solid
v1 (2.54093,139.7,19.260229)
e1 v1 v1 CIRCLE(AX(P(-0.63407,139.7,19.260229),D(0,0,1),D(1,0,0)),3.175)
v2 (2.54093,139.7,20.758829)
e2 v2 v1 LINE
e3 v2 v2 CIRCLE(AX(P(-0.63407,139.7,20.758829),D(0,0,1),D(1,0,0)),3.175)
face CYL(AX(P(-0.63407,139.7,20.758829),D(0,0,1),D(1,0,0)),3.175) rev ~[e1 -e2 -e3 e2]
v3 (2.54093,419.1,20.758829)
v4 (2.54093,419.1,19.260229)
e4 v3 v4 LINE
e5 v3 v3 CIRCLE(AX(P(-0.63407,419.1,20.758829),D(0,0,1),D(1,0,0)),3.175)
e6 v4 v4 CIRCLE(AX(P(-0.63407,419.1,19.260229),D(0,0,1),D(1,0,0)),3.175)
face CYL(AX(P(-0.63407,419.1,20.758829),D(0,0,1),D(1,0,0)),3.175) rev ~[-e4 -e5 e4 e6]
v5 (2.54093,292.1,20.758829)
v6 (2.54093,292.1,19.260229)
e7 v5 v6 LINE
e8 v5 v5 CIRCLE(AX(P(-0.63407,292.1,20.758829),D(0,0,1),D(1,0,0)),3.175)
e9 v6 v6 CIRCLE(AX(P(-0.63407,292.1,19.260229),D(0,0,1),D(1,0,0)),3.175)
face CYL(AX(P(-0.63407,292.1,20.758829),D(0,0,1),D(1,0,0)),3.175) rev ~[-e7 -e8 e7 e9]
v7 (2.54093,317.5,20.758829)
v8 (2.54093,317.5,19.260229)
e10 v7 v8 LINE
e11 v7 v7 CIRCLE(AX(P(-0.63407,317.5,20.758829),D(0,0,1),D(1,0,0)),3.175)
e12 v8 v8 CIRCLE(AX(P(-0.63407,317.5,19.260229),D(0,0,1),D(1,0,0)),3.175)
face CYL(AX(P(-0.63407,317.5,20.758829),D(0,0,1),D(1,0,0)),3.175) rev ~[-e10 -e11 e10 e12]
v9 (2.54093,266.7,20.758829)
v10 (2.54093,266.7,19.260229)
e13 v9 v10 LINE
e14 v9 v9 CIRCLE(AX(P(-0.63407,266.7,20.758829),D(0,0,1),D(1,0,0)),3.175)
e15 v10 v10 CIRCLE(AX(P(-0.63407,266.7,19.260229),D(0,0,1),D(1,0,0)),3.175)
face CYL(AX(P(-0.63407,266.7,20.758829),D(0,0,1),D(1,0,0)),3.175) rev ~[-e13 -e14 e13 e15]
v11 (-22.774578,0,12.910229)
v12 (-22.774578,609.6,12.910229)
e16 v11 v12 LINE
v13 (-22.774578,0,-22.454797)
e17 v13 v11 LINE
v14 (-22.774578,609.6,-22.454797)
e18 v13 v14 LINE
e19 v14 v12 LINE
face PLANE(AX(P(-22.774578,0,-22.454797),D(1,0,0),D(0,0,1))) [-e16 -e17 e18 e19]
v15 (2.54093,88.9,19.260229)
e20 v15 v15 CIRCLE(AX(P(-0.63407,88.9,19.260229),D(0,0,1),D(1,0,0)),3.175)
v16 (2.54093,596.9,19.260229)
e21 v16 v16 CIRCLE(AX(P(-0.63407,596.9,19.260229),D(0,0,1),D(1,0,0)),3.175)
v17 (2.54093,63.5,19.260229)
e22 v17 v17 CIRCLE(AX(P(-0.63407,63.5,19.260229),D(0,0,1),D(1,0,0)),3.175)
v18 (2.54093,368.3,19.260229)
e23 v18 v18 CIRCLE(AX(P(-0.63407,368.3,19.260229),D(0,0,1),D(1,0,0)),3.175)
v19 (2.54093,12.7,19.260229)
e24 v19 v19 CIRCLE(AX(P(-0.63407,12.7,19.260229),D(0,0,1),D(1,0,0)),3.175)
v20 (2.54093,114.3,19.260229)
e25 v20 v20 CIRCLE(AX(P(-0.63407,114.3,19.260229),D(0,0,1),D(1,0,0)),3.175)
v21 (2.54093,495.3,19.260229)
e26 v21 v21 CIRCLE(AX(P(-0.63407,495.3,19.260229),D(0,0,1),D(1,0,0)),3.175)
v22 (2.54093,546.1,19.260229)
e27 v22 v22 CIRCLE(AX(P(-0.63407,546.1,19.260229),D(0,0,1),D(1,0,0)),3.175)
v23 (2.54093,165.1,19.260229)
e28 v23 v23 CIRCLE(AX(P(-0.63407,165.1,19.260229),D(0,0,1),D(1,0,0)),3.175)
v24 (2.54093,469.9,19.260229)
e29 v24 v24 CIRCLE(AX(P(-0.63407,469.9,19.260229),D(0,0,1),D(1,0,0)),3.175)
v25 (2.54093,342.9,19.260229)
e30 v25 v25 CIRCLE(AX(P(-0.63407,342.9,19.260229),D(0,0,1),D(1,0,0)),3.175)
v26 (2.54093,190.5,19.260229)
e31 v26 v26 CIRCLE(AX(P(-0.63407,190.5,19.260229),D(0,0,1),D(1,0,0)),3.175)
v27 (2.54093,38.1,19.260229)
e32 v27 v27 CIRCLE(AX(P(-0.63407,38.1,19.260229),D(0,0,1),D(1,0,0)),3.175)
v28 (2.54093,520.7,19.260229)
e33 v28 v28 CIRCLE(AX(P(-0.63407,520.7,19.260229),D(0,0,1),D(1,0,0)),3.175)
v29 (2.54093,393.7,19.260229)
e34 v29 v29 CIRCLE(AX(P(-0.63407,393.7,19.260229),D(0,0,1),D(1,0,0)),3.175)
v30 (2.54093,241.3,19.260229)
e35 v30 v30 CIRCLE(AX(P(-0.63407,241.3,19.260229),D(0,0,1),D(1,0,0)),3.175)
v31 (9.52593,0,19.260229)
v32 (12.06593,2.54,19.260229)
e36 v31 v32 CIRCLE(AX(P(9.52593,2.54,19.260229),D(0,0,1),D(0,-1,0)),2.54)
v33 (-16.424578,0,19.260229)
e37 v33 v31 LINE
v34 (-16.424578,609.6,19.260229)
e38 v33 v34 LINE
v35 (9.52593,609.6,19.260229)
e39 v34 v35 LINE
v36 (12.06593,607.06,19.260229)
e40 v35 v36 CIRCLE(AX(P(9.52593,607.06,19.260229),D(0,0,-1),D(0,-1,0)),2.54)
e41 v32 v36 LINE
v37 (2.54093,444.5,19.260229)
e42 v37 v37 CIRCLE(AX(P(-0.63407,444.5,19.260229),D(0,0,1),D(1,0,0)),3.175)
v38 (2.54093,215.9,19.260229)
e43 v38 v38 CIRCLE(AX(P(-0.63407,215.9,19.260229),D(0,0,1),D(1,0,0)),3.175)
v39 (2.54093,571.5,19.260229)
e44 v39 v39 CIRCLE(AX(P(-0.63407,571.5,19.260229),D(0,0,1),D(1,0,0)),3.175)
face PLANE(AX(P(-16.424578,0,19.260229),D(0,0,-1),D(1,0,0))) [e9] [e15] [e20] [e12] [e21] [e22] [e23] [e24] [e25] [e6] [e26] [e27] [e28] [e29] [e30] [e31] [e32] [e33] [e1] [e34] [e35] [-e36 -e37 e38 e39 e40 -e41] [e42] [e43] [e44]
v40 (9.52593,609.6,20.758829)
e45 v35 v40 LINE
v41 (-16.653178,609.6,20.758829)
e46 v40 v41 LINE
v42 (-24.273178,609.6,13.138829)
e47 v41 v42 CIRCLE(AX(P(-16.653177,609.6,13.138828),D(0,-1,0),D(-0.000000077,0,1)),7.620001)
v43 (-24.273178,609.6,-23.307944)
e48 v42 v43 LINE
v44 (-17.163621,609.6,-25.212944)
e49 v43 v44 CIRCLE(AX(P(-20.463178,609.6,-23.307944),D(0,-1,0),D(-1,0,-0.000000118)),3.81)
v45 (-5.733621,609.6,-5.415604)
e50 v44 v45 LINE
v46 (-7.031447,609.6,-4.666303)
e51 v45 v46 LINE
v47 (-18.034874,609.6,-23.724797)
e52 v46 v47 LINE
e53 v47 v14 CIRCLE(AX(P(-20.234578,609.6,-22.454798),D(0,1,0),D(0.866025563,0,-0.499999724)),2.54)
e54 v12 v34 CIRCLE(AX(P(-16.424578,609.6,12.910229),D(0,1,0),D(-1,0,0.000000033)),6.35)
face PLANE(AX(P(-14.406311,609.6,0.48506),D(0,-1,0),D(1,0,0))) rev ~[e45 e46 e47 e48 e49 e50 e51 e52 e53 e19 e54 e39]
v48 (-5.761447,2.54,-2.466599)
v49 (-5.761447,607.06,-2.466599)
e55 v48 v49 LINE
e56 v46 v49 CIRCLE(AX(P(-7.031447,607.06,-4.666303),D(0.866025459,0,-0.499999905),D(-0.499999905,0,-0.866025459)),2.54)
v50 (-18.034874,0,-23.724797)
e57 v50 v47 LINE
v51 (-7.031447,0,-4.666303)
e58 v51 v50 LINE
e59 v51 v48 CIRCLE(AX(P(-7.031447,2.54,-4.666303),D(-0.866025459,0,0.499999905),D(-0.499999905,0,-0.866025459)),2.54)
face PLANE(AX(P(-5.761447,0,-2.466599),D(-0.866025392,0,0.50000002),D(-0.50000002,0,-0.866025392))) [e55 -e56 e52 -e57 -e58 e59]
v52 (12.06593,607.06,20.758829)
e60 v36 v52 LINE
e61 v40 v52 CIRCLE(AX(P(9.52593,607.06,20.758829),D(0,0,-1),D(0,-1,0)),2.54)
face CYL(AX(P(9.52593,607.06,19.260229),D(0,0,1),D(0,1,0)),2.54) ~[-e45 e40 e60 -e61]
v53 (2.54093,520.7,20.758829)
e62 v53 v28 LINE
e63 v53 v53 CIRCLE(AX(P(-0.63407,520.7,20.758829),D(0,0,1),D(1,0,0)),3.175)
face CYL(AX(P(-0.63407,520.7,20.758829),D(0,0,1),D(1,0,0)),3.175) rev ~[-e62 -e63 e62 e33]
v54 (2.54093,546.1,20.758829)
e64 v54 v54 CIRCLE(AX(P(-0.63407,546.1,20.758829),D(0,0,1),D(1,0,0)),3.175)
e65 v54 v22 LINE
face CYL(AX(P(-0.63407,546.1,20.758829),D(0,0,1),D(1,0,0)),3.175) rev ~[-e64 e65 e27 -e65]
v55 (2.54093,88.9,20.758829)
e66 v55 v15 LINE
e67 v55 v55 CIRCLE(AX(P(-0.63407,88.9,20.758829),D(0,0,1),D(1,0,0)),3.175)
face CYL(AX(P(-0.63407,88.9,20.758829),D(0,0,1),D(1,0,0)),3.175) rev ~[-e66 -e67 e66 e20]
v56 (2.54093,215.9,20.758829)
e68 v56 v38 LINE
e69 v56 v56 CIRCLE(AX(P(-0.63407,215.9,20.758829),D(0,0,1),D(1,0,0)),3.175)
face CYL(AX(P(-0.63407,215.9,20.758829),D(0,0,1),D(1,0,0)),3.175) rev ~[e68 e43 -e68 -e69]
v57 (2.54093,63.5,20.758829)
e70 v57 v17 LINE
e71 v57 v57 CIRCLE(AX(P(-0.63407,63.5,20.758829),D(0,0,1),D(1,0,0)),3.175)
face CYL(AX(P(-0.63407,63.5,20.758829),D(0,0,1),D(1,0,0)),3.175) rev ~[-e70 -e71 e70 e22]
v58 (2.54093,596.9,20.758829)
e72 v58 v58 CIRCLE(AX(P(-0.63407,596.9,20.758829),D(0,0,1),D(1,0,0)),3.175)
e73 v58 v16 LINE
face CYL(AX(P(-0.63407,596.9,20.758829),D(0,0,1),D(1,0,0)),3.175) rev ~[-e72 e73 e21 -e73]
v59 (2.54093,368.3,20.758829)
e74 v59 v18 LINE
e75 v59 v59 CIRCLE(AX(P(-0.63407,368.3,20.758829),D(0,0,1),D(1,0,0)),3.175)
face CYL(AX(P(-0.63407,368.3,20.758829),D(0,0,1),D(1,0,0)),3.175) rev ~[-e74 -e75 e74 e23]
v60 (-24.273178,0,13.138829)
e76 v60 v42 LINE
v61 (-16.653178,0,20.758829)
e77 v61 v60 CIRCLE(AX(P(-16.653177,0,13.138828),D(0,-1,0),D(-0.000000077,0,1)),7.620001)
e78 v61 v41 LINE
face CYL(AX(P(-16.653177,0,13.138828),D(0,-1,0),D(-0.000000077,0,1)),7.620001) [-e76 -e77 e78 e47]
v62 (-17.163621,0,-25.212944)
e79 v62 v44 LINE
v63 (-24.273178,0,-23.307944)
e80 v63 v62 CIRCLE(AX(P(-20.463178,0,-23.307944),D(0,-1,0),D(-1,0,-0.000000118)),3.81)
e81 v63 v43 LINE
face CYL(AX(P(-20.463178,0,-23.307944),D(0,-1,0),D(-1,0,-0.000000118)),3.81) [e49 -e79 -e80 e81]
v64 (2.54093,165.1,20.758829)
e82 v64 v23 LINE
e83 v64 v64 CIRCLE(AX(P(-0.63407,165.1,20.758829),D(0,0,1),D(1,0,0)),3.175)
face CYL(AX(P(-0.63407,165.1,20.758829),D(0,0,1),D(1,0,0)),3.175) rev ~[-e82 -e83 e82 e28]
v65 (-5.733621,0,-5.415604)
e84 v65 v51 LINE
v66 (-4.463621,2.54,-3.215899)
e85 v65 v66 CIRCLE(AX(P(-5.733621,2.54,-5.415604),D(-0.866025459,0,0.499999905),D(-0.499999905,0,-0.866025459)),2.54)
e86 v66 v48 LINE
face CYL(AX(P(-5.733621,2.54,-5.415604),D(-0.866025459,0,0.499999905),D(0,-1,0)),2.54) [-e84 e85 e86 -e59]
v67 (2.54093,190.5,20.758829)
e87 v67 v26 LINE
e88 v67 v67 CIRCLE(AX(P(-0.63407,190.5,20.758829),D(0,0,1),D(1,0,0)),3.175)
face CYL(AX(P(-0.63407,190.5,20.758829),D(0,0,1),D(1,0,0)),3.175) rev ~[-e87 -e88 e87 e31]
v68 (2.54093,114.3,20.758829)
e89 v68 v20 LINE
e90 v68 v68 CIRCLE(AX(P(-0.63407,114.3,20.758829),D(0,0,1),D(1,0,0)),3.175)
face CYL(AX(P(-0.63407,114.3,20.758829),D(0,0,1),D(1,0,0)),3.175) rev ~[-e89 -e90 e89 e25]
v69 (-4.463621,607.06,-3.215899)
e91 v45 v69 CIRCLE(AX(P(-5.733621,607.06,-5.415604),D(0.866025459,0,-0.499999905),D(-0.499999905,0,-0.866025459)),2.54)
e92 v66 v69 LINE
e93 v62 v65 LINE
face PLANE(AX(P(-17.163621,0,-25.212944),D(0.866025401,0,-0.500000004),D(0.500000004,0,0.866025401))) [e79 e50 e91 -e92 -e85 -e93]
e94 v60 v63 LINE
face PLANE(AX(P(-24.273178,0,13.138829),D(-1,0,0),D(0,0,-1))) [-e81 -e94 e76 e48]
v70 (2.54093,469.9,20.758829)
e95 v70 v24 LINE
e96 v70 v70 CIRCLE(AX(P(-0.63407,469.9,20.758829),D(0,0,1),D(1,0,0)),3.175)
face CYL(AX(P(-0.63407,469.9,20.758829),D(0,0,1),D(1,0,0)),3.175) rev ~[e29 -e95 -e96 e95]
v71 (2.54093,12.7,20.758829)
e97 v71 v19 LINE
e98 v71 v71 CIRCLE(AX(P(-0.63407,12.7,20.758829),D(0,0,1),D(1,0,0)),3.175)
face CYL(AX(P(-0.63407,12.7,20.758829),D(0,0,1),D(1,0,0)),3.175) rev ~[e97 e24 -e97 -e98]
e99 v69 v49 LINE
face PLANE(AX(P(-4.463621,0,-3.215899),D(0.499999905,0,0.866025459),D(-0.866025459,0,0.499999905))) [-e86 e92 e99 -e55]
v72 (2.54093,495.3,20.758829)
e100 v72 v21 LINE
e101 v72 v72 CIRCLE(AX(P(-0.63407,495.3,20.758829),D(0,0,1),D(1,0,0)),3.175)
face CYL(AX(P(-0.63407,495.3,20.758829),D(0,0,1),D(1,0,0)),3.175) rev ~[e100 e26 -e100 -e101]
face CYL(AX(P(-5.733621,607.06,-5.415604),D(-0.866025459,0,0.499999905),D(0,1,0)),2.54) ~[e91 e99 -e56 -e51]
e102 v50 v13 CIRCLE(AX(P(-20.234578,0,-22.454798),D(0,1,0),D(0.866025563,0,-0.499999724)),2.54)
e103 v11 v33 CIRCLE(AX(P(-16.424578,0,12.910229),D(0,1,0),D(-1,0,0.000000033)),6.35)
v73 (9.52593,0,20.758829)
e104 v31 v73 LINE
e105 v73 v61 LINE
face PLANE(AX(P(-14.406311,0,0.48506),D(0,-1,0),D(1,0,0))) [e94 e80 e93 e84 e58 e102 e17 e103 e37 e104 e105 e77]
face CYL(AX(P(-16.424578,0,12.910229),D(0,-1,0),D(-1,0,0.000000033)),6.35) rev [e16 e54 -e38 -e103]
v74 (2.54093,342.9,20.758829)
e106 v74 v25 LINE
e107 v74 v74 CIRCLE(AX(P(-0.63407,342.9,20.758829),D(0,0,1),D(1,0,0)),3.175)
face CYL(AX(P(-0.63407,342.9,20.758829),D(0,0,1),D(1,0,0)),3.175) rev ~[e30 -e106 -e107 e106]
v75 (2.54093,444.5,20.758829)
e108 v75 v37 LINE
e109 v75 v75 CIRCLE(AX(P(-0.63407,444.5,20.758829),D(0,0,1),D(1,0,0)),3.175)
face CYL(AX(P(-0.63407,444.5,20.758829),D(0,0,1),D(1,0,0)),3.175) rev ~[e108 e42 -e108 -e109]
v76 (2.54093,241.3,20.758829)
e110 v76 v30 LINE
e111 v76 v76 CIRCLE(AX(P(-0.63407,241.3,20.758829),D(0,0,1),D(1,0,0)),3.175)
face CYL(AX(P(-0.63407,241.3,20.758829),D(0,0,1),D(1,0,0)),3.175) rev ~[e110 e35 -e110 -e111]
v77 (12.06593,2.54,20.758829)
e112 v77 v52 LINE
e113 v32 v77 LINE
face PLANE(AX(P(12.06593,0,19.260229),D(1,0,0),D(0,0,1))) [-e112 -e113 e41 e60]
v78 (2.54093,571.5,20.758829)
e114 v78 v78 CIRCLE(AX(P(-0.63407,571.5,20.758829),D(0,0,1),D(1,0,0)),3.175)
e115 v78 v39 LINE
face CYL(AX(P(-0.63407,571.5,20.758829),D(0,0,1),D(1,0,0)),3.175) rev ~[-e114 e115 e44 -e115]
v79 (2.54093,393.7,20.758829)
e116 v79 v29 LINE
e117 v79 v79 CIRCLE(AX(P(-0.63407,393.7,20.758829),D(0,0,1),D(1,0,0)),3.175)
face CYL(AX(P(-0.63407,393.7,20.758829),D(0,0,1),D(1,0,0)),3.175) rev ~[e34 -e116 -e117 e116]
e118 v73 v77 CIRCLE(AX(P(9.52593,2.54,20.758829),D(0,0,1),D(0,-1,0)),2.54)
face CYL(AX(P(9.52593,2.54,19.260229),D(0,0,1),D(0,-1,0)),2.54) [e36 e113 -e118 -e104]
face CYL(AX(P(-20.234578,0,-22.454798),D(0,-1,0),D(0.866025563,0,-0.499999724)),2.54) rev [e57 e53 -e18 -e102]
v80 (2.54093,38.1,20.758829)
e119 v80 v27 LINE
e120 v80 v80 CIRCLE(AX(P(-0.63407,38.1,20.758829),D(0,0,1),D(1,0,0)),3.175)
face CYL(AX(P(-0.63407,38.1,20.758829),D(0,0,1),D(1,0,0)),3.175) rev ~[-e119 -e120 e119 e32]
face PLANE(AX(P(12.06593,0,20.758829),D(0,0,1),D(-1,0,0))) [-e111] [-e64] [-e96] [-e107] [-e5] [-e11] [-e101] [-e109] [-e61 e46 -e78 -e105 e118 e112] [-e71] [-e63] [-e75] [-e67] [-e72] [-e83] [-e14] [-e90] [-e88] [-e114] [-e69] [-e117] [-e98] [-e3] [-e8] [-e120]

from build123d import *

# Parameters (mm, degrees)
F1_DEPTH = 609.6
F2_R     = 3.175
F3_DEPTH = 25.4
F4_R     = 2.54


with BuildPart() as f1:
    # F0 (on Front) → F1 (new body)
    with BuildSketch(Plane.XZ):
        with BuildLine():
            Line((-16.424578, 19.260229), (12.06593, 19.260229))
            Line((12.06593, 19.260229), (12.06593, 20.758829))
            Line((12.06593, 20.758829), (-16.653178, 20.758829))
            ThreePointArc((-16.653178, 20.758829), (-22.041332, 18.526982), (-24.273178, 13.138829))
            Line((-24.273178, 13.138829), (-24.273178, -23.307944))
            ThreePointArc((-24.273178, -23.307944), (-21.449279, -26.988121), (-17.163621, -25.212944))
            Line((-17.163621, -25.212944), (-4.463621, -3.215899))
            Line((-4.463621, -3.215899), (-5.761447, -2.466599))
            Line((-5.761447, -2.466599), (-18.034874, -23.724797))
            ThreePointArc((-18.034874, -23.724797), (-20.891979, -24.908249), (-22.774578, -22.454797))
            Line((-22.774578, -22.454797), (-22.774578, 12.910229))
            ThreePointArc((-22.774578, 12.910229), (-20.914706, 17.400357), (-16.424578, 19.260229))
        make_face()
    extrude(amount=-F1_DEPTH)

    # F2 (on face) → F3 (cut)
    with BuildSketch(Plane.XY.offset(20.758829)):
        with Locations((-0.63407, 12.7)):
            Circle(F2_R)
        with Locations((-0.63407, 38.1)):
            Circle(F2_R)
        with Locations((-0.63407, 63.5)):
            Circle(F2_R)
        with Locations((-0.63407, 88.9)):
            Circle(F2_R)
        with Locations((-0.63407, 114.3)):
            Circle(F2_R)
        with Locations((-0.63407, 139.7)):
            Circle(F2_R)
        with Locations((-0.63407, 165.1)):
            Circle(F2_R)
        with Locations((-0.63407, 190.5)):
            Circle(F2_R)
        with Locations((-0.63407, 215.9)):
            Circle(F2_R)
        with Locations((-0.63407, 241.3)):
            Circle(F2_R)
        with Locations((-0.63407, 266.7)):
            Circle(F2_R)
        with Locations((-0.63407, 292.1)):
            Circle(F2_R)
        with Locations((-0.63407, 317.5)):
            Circle(F2_R)
        with Locations((-0.63407, 342.9)):
            Circle(F2_R)
        with Locations((-0.63407, 368.3)):
            Circle(F2_R)
        with Locations((-0.63407, 393.7)):
            Circle(F2_R)
        with Locations((-0.63407, 419.1)):
            Circle(F2_R)
        with Locations((-0.63407, 444.5)):
            Circle(F2_R)
        with Locations((-0.63407, 469.9)):
            Circle(F2_R)
        with Locations((-0.63407, 495.3)):
            Circle(F2_R)
        with Locations((-0.63407, 520.7)):
            Circle(F2_R)
        with Locations((-0.63407, 546.1)):
            Circle(F2_R)
        with Locations((-0.63407, 571.5)):
            Circle(F2_R)
        with Locations((-0.63407, 596.9)):
            Circle(F2_R)
    extrude(amount=-F3_DEPTH, mode=Mode.SUBTRACT)

    # F4
    f4_edges = [f1.edges().sort_by_distance(p)[0] for p in [
        (12.06593, 0, 20.009529),
        (-5.112534, 0, -2.841249),
        (-5.112534, 609.6, -2.841249),
        (12.06593, 609.6, 20.009529),
    ]]
    fillet(f4_edges, radius=F4_R)


solid = f1.part
